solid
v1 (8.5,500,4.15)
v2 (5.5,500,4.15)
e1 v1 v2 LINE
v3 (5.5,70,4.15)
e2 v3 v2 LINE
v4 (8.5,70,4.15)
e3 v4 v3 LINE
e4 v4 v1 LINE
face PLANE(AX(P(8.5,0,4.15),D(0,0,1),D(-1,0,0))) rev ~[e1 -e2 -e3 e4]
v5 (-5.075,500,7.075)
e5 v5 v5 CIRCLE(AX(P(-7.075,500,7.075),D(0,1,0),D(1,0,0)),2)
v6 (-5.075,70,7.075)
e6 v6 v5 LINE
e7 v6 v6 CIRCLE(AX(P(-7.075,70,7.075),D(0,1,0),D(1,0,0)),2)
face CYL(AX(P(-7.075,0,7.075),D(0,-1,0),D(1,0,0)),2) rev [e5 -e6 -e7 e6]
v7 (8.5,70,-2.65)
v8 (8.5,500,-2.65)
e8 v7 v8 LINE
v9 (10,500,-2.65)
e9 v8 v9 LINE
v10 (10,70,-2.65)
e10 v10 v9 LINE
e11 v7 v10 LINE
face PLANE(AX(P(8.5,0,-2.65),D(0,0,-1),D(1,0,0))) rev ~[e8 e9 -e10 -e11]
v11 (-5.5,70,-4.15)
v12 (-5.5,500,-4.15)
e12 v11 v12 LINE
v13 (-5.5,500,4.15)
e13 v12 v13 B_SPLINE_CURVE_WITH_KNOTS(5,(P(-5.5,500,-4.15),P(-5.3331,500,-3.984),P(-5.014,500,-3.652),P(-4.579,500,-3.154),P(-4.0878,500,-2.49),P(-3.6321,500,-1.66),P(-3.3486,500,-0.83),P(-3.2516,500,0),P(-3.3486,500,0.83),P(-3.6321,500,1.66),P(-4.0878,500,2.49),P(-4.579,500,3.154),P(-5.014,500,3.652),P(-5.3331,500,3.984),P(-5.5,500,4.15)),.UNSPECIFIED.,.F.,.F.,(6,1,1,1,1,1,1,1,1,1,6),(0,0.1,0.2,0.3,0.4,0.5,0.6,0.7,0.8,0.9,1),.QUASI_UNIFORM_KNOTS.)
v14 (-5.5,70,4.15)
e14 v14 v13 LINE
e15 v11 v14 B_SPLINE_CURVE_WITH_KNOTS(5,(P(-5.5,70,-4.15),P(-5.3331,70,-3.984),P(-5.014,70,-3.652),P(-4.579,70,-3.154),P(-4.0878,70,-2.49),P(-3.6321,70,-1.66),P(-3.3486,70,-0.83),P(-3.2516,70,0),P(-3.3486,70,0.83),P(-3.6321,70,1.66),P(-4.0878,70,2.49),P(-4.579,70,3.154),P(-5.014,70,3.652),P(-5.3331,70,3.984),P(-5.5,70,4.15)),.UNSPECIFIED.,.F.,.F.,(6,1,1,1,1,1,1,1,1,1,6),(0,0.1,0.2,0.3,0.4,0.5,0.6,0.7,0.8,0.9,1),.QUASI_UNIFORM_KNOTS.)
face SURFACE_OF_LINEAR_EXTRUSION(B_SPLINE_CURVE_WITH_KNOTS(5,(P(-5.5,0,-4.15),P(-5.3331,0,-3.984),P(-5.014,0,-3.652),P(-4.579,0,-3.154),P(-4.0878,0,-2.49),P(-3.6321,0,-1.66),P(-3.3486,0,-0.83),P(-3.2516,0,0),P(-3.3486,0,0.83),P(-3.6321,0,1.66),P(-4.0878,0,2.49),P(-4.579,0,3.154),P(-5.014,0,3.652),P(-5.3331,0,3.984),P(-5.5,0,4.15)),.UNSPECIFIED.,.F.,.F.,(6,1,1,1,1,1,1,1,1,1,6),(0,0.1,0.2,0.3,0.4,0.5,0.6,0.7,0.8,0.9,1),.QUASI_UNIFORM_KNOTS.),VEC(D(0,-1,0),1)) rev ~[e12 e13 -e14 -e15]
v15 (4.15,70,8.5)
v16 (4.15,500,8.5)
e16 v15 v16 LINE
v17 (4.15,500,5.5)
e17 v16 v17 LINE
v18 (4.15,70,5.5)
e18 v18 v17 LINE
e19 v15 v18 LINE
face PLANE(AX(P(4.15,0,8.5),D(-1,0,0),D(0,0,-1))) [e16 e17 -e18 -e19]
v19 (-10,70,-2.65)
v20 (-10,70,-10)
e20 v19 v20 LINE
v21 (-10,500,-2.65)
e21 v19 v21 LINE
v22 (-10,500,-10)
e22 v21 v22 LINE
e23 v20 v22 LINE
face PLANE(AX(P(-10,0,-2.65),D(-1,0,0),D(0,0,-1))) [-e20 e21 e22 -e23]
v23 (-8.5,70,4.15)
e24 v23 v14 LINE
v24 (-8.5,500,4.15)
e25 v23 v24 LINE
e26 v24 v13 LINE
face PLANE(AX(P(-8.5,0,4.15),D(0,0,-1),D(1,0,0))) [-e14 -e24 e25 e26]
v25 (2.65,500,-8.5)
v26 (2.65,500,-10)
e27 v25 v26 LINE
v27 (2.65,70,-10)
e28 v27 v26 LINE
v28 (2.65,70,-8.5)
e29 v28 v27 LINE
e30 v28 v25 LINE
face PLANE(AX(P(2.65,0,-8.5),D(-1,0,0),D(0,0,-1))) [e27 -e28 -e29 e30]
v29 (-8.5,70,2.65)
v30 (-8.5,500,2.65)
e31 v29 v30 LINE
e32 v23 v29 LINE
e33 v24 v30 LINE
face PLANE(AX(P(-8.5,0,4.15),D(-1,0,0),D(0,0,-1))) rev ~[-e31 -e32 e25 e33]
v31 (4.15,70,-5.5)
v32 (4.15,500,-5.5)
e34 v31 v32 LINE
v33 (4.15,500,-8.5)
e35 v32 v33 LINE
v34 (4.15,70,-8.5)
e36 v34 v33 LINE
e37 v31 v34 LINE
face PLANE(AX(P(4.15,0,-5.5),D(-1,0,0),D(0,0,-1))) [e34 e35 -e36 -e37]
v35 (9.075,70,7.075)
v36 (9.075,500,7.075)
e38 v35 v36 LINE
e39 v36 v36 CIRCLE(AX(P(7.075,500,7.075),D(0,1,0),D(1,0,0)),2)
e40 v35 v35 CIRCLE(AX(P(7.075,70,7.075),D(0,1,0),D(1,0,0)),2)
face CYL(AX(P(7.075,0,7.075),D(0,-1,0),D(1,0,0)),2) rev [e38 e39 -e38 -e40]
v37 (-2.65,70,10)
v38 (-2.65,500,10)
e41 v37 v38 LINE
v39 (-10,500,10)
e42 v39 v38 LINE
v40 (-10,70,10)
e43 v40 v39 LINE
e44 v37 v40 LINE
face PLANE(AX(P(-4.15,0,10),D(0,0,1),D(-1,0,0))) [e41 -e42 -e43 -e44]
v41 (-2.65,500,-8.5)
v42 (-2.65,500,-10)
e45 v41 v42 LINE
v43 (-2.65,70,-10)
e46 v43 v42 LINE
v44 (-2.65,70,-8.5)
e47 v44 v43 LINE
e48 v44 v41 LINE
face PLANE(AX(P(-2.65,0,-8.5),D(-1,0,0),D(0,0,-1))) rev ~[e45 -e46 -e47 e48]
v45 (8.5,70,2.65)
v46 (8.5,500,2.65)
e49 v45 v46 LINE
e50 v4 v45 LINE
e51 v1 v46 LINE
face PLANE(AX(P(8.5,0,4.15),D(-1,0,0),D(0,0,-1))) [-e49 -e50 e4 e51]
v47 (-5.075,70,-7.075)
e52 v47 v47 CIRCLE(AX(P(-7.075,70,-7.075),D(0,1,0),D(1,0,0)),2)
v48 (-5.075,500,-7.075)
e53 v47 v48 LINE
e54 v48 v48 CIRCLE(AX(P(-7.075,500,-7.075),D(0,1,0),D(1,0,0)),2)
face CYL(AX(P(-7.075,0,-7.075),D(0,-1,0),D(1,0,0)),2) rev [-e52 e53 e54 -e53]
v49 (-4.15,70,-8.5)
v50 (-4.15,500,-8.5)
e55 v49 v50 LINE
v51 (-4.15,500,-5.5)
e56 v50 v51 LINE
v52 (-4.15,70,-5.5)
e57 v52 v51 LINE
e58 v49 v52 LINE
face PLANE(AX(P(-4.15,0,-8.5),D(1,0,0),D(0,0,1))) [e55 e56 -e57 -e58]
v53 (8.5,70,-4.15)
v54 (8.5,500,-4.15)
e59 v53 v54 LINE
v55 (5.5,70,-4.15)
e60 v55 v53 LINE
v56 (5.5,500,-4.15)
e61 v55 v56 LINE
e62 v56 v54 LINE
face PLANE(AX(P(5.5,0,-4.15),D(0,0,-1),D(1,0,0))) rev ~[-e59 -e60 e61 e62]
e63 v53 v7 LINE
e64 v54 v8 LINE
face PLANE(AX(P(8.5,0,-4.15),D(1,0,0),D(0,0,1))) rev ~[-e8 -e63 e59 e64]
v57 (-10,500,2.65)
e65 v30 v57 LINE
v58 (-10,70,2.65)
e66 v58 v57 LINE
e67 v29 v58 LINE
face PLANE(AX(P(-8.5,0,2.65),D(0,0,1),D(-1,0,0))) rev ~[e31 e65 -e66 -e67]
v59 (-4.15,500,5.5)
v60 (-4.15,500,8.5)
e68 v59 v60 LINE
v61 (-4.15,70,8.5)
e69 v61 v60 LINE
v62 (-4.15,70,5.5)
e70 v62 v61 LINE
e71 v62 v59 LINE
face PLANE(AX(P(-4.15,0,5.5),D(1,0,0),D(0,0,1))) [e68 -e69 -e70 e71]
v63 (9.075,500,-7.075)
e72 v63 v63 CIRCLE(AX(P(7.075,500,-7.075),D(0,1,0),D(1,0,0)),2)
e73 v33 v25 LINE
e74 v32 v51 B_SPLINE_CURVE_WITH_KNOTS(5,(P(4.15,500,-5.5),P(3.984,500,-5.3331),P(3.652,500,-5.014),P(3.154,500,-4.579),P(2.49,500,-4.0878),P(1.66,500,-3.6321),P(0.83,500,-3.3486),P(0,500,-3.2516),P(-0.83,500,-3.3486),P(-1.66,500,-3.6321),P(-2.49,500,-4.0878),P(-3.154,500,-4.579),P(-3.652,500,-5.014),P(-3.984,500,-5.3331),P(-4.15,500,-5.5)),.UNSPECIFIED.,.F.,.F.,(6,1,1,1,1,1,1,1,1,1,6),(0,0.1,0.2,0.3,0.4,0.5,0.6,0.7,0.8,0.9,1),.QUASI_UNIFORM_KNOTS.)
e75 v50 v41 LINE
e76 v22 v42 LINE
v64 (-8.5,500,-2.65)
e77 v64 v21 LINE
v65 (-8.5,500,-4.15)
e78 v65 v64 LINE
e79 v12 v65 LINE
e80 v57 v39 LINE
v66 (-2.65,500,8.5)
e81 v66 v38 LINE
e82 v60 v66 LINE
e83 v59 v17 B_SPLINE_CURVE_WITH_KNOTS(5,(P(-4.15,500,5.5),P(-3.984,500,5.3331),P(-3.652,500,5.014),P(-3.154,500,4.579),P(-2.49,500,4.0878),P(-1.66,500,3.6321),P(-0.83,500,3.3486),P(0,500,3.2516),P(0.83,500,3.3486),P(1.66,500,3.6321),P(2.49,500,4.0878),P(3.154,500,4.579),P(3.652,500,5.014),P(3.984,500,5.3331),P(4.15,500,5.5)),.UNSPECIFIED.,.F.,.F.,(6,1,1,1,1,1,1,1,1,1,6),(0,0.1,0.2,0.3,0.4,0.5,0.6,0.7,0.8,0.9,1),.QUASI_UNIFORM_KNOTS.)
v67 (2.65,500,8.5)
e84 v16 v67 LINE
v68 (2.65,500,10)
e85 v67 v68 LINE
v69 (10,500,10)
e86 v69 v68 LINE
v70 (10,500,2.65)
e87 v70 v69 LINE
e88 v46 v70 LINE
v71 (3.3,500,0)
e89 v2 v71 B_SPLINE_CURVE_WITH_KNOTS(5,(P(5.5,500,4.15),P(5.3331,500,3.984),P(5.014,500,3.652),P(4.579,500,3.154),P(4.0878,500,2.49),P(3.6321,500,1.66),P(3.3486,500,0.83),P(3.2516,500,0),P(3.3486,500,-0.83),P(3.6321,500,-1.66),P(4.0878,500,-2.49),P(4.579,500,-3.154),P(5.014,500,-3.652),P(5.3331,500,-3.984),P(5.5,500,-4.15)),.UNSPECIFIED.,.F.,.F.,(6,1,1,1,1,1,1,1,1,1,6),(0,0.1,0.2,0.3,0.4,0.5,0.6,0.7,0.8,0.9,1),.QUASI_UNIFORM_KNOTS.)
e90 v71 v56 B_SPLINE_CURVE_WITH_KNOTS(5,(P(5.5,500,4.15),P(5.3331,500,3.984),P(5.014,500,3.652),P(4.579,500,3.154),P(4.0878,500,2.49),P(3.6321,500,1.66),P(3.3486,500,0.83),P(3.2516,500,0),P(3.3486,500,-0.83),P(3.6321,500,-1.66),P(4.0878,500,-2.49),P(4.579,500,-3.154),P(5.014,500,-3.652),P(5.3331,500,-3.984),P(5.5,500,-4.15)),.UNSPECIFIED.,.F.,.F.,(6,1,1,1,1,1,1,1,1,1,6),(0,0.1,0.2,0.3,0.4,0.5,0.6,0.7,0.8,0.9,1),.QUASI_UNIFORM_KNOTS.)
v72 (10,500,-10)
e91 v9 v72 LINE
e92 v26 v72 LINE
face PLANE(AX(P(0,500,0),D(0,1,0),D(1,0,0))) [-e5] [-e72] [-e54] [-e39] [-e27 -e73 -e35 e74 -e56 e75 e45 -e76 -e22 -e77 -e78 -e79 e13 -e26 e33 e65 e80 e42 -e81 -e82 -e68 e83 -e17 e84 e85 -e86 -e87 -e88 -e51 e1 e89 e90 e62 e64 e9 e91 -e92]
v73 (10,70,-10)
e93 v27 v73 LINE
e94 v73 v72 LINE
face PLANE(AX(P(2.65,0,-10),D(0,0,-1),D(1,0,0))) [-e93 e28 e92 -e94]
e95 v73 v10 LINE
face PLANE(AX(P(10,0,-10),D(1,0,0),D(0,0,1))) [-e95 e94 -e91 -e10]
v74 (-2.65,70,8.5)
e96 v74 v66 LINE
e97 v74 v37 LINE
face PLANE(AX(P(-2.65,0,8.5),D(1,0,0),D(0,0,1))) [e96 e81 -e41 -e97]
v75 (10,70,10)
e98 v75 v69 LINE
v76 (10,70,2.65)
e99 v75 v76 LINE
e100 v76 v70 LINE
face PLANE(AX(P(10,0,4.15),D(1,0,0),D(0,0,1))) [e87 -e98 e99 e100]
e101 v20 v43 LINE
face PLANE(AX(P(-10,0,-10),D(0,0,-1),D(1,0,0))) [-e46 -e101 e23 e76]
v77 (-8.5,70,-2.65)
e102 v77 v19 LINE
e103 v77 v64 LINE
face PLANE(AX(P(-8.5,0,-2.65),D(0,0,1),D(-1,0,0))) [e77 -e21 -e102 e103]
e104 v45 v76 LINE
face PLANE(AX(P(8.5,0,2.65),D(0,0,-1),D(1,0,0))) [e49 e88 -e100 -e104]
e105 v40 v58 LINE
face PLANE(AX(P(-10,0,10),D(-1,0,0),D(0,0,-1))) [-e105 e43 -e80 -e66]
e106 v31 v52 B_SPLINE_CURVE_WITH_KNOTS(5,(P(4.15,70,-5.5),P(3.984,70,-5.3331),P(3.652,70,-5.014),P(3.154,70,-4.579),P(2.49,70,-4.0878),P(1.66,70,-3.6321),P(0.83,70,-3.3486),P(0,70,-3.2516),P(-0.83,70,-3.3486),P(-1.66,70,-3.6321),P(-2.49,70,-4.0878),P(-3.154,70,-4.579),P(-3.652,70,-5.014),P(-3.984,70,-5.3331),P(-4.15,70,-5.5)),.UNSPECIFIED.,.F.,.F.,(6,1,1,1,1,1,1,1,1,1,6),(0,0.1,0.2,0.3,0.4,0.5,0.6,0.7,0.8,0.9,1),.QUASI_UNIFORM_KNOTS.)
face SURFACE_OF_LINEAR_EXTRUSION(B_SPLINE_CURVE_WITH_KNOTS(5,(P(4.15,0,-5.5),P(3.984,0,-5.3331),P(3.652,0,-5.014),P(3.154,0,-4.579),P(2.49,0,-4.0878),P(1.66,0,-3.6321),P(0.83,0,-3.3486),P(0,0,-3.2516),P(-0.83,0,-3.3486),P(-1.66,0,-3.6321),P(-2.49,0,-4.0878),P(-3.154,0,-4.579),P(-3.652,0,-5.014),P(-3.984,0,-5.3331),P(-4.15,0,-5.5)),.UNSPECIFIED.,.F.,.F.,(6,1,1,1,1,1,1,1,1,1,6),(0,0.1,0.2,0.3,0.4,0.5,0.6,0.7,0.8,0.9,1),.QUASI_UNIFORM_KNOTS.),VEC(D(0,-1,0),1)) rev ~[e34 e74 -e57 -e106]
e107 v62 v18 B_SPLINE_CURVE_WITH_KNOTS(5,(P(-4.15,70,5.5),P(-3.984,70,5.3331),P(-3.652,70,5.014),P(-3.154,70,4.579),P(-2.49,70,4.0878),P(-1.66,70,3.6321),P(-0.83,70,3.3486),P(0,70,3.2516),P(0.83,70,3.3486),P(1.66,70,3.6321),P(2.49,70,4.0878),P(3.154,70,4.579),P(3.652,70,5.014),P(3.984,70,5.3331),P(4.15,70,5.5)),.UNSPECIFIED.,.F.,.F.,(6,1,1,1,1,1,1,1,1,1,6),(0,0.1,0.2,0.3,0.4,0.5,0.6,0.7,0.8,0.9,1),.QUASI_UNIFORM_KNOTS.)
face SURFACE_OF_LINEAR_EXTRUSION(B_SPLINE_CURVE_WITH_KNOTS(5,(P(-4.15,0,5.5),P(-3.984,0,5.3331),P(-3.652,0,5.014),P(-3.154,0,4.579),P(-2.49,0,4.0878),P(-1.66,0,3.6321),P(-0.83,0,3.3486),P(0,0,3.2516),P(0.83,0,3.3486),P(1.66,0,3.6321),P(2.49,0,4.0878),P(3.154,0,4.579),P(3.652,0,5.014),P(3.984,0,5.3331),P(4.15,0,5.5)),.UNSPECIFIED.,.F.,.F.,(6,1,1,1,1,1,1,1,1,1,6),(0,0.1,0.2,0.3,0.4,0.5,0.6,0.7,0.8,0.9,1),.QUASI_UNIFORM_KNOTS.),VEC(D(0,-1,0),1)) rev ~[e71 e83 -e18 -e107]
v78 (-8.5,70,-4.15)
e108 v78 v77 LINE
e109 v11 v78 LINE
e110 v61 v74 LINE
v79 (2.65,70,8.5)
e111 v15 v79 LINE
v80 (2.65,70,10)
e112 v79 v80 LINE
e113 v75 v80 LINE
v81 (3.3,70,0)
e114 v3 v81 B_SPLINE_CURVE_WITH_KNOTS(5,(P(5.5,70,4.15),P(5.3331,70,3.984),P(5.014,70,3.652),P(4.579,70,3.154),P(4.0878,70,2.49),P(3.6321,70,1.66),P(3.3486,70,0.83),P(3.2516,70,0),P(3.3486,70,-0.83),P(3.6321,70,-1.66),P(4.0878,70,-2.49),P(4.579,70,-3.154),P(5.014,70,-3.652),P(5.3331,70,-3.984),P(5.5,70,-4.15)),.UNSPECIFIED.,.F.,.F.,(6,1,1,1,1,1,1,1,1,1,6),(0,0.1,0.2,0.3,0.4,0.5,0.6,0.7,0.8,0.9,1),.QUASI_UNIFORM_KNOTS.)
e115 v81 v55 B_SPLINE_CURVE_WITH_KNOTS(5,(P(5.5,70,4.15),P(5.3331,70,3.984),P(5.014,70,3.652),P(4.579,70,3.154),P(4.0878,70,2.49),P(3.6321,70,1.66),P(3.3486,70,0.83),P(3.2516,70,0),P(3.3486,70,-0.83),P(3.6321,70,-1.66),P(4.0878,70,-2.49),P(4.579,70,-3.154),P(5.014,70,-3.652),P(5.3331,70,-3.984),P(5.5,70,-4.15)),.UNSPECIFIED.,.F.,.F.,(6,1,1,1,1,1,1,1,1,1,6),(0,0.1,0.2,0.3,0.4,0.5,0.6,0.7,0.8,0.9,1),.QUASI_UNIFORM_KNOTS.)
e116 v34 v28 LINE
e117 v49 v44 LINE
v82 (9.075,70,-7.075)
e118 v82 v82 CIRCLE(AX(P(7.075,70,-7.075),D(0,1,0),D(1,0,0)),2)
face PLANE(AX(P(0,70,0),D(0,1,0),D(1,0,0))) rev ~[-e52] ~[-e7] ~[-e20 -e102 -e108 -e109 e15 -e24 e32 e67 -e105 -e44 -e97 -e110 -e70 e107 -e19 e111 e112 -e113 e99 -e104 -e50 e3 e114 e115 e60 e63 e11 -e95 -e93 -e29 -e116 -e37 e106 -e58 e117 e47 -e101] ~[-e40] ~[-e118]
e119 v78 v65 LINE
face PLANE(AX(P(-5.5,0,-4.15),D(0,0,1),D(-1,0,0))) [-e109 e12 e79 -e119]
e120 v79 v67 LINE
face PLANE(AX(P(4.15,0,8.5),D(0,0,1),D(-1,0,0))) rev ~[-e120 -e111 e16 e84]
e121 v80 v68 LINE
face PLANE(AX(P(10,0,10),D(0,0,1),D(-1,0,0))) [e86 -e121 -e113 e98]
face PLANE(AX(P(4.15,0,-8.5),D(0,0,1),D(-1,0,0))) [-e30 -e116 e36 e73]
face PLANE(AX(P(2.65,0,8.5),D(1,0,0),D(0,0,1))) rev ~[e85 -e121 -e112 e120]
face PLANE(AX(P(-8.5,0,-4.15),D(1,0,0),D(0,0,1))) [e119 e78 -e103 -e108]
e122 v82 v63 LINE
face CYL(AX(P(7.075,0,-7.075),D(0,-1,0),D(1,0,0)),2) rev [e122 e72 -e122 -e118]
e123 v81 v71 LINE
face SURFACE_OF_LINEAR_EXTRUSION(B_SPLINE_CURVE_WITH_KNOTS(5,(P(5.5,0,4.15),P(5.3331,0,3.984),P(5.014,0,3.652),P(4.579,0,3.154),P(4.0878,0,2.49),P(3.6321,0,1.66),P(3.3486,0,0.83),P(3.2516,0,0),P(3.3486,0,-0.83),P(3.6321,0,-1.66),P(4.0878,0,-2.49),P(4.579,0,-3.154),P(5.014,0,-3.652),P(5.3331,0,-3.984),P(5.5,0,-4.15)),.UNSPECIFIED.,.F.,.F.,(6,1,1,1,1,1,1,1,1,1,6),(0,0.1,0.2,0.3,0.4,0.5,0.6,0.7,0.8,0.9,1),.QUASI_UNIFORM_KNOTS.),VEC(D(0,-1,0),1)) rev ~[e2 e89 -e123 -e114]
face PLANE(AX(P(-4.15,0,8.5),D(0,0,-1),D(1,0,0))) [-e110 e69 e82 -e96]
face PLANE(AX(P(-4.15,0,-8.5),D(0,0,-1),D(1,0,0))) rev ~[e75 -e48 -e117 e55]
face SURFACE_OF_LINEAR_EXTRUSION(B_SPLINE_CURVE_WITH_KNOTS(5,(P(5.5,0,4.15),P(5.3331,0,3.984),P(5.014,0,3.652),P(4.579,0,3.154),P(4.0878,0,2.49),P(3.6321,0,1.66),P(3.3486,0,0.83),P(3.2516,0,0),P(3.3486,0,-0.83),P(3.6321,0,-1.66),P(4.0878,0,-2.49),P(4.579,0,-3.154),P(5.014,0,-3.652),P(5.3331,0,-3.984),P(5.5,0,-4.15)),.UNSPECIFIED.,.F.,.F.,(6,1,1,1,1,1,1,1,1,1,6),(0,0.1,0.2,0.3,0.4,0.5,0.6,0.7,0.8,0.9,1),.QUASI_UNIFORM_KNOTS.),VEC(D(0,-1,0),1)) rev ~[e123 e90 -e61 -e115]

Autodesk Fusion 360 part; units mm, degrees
sketch "스케치1" plane through (0, 0, 0) normal (0, 1, 0) x (1, 0, 0)
  line L0 (10, -10) -> (-10, -10)
  line L1 (-10, -10) -> (-10, 10)
  line L2 (-10, 10) -> (10, 10)
  line L3 (10, 10) -> (10, -10)
  line L4 (10, -10) -> (-10, 10) construction
  line L5 (-10, -10) -> (10, 10) construction
  line L6 (10, 0) -> (10, -4.15)
  line L7 (3.3, 0) -> (3.3, 4.15)
  line L8 (3.3, 4.15) -> (10, 4.15)
  line L9 (10, 4.15) -> (10, -4.15)
  line L10 (10, -4.15) -> (3.3, -4.15)
  line L11 (3.3, -4.15) -> (3.3, 4.15)
  line L12 (10, -4.15) -> (8.5, -4.15)
  line L13 (8.5, -4.15) -> (8.5, -2.65)
  line L14 (8.5, -2.65) -> (10, -2.65)
  line L15 (10, -2.65) -> (10, -4.15)
  line L16 (10, 4.15) -> (8.5, 4.15)
  line L17 (8.5, 4.15) -> (8.5, 2.65)
  line L18 (8.5, 2.65) -> (10, 2.65)
  line L19 (10, 2.65) -> (10, 4.15)
  line L20 (8.5, 4.15) -> (5.5, 4.15)
  line L21 (5.5, 4.15) -> (5.5, -4.15)
  line L22 (5.5, -4.15) -> (8.5, -4.15)
  line L23 (8.5, -4.15) -> (8.5, 4.15)
  spline S0 degree 5 poles (5.5, -4.15) (5.3331, -3.984) (5.014, -3.652) (4.579, -3.154) (4.0878, -2.49) (3.6321, -1.66) (3.3486, -0.83) (3.2516, 0) (3.3486, 0.83) (3.6321, 1.66) (4.0878, 2.49) (4.579, 3.154) (5.014, 3.652) (5.3331, 3.984) (5.5, 4.15) knots 0 0 0 0 0 0 0.1 0.2 0.3 0.4 0.5 0.6 0.7 0.8 0.9 1 1 1 1 1 1
  spline S1 degree 5 poles (4.15, 5.5) (3.984, 5.3331) (3.652, 5.014) (3.154, 4.579) (2.49, 4.0878) (1.66, 3.6321) (0.83, 3.3486) (0, 3.2516) (-0.83, 3.3486) (-1.66, 3.6321) (-2.49, 4.0878) (-3.154, 4.579) (-3.652, 5.014) (-3.984, 5.3331) (-4.15, 5.5) knots 0 0 0 0 0 0 0.1 0.2 0.3 0.4 0.5 0.6 0.7 0.8 0.9 1 1 1 1 1 1
  line L24 (4.15, 5.5) -> (4.15, 8.5)
  line L25 (4.15, 8.5) -> (2.65, 8.5)
  line L26 (2.65, 8.5) -> (2.65, 10)
  line L27 (-4.15, 8.5) -> (-4.15, 5.5)
  line L28 (-4.15, 8.5) -> (-2.65, 8.5)
  line L29 (-2.65, 8.5) -> (-2.65, 10)
  spline S2 degree 5 poles (-5.5, 4.15) (-5.3331, 3.984) (-5.014, 3.652) (-4.579, 3.154) (-4.0878, 2.49) (-3.6321, 1.66) (-3.3486, 0.83) (-3.2516, 0) (-3.3486, -0.83) (-3.6321, -1.66) (-4.0878, -2.49) (-4.579, -3.154) (-5.014, -3.652) (-5.3331, -3.984) (-5.5, -4.15) knots 0 0 0 0 0 0 0.1 0.2 0.3 0.4 0.5 0.6 0.7 0.8 0.9 1 1 1 1 1 1
  line L30 (-5.5, 4.15) -> (-8.5, 4.15)
  line L31 (-8.5, 4.15) -> (-8.5, 2.65)
  line L32 (-8.5, 2.65) -> (-10, 2.65)
  line L33 (-8.5, -4.15) -> (-5.5, -4.15)
  line L34 (-8.5, -4.15) -> (-8.5, -2.65)
  line L35 (-8.5, -2.65) -> (-10, -2.65)
  spline S3 degree 5 poles (-4.15, -5.5) (-3.984, -5.3331) (-3.652, -5.014) (-3.154, -4.579) (-2.49, -4.0878) (-1.66, -3.6321) (-0.83, -3.3486) (0, -3.2516) (0.83, -3.3486) (1.66, -3.6321) (2.49, -4.0878) (3.154, -4.579) (3.652, -5.014) (3.984, -5.3331) (4.15, -5.5) knots 0 0 0 0 0 0 0.1 0.2 0.3 0.4 0.5 0.6 0.7 0.8 0.9 1 1 1 1 1 1
  line L36 (-4.15, -5.5) -> (-4.15, -8.5)
  line L37 (-4.15, -8.5) -> (-2.65, -8.5)
  line L38 (-2.65, -8.5) -> (-2.65, -10)
  line L39 (4.15, -8.5) -> (4.15, -5.5)
  line L40 (4.15, -8.5) -> (2.65, -8.5)
  line L41 (2.65, -8.5) -> (2.65, -10)
  line L42 (-10, -10) -> (-4.15, -10)
  line L43 (-4.15, -10) -> (-4.15, -4.15)
  line L44 (-4.15, -4.15) -> (-10, -4.15)
  line L45 (-10, -4.15) -> (-10, -10)
  circle A0 centre (-7.075, -7.075) radius 2
  circle A1 centre (7.075, -7.075) radius 2
  circle A2 centre (7.075, 7.075) radius 2
  circle A3 centre (-7.075, 7.075) radius 2
  point P0 (0, 3.3)
  point P1 (-3.3, 0)
  point P2 (0, -3.3)
  dimension "d1" = 20
  dimension "d2" = 20
  dimension "d3" = 6.7
  dimension "d4" = 4.15
  dimension "d5" = 4.15
  dimension "d6" = 1.5
  dimension "d7" = 1.5
  dimension "d8" = 1.5
  dimension "d9" = 1.5
  dimension "d10" = 3
  dimension "d12" = 360
  dimension "d13" = 5.85
  dimension "d14" = 4
  dimension "d16" = 360
extrude "돌출1" add sketch "스케치1" along normal blind 500 contours L0 L1 L2 L3 L7 L8 L10 L11 L12 L16 L20 L22 S1 L24 L25 L26 L27 L28 L29 S2 L30 L31 L32 S3 L39 L40 L41 L43 L44 | L3 L6 L9 L10 L12 L13 L14 L15 L23 | L0 L37 L38 L43 | L0 L1 L33 L36 L42 L43 L44 L45 | L10 L11 S0 | L3 L8 L9 L16 L17 L18 L19 L23 | L7 L8 L11 S0 | L1 L34 L35 L44
extrude "돌출2" cut 1 faces at (-0.05, 0, -1.052) along direction (0, 1, 0) blind 70
